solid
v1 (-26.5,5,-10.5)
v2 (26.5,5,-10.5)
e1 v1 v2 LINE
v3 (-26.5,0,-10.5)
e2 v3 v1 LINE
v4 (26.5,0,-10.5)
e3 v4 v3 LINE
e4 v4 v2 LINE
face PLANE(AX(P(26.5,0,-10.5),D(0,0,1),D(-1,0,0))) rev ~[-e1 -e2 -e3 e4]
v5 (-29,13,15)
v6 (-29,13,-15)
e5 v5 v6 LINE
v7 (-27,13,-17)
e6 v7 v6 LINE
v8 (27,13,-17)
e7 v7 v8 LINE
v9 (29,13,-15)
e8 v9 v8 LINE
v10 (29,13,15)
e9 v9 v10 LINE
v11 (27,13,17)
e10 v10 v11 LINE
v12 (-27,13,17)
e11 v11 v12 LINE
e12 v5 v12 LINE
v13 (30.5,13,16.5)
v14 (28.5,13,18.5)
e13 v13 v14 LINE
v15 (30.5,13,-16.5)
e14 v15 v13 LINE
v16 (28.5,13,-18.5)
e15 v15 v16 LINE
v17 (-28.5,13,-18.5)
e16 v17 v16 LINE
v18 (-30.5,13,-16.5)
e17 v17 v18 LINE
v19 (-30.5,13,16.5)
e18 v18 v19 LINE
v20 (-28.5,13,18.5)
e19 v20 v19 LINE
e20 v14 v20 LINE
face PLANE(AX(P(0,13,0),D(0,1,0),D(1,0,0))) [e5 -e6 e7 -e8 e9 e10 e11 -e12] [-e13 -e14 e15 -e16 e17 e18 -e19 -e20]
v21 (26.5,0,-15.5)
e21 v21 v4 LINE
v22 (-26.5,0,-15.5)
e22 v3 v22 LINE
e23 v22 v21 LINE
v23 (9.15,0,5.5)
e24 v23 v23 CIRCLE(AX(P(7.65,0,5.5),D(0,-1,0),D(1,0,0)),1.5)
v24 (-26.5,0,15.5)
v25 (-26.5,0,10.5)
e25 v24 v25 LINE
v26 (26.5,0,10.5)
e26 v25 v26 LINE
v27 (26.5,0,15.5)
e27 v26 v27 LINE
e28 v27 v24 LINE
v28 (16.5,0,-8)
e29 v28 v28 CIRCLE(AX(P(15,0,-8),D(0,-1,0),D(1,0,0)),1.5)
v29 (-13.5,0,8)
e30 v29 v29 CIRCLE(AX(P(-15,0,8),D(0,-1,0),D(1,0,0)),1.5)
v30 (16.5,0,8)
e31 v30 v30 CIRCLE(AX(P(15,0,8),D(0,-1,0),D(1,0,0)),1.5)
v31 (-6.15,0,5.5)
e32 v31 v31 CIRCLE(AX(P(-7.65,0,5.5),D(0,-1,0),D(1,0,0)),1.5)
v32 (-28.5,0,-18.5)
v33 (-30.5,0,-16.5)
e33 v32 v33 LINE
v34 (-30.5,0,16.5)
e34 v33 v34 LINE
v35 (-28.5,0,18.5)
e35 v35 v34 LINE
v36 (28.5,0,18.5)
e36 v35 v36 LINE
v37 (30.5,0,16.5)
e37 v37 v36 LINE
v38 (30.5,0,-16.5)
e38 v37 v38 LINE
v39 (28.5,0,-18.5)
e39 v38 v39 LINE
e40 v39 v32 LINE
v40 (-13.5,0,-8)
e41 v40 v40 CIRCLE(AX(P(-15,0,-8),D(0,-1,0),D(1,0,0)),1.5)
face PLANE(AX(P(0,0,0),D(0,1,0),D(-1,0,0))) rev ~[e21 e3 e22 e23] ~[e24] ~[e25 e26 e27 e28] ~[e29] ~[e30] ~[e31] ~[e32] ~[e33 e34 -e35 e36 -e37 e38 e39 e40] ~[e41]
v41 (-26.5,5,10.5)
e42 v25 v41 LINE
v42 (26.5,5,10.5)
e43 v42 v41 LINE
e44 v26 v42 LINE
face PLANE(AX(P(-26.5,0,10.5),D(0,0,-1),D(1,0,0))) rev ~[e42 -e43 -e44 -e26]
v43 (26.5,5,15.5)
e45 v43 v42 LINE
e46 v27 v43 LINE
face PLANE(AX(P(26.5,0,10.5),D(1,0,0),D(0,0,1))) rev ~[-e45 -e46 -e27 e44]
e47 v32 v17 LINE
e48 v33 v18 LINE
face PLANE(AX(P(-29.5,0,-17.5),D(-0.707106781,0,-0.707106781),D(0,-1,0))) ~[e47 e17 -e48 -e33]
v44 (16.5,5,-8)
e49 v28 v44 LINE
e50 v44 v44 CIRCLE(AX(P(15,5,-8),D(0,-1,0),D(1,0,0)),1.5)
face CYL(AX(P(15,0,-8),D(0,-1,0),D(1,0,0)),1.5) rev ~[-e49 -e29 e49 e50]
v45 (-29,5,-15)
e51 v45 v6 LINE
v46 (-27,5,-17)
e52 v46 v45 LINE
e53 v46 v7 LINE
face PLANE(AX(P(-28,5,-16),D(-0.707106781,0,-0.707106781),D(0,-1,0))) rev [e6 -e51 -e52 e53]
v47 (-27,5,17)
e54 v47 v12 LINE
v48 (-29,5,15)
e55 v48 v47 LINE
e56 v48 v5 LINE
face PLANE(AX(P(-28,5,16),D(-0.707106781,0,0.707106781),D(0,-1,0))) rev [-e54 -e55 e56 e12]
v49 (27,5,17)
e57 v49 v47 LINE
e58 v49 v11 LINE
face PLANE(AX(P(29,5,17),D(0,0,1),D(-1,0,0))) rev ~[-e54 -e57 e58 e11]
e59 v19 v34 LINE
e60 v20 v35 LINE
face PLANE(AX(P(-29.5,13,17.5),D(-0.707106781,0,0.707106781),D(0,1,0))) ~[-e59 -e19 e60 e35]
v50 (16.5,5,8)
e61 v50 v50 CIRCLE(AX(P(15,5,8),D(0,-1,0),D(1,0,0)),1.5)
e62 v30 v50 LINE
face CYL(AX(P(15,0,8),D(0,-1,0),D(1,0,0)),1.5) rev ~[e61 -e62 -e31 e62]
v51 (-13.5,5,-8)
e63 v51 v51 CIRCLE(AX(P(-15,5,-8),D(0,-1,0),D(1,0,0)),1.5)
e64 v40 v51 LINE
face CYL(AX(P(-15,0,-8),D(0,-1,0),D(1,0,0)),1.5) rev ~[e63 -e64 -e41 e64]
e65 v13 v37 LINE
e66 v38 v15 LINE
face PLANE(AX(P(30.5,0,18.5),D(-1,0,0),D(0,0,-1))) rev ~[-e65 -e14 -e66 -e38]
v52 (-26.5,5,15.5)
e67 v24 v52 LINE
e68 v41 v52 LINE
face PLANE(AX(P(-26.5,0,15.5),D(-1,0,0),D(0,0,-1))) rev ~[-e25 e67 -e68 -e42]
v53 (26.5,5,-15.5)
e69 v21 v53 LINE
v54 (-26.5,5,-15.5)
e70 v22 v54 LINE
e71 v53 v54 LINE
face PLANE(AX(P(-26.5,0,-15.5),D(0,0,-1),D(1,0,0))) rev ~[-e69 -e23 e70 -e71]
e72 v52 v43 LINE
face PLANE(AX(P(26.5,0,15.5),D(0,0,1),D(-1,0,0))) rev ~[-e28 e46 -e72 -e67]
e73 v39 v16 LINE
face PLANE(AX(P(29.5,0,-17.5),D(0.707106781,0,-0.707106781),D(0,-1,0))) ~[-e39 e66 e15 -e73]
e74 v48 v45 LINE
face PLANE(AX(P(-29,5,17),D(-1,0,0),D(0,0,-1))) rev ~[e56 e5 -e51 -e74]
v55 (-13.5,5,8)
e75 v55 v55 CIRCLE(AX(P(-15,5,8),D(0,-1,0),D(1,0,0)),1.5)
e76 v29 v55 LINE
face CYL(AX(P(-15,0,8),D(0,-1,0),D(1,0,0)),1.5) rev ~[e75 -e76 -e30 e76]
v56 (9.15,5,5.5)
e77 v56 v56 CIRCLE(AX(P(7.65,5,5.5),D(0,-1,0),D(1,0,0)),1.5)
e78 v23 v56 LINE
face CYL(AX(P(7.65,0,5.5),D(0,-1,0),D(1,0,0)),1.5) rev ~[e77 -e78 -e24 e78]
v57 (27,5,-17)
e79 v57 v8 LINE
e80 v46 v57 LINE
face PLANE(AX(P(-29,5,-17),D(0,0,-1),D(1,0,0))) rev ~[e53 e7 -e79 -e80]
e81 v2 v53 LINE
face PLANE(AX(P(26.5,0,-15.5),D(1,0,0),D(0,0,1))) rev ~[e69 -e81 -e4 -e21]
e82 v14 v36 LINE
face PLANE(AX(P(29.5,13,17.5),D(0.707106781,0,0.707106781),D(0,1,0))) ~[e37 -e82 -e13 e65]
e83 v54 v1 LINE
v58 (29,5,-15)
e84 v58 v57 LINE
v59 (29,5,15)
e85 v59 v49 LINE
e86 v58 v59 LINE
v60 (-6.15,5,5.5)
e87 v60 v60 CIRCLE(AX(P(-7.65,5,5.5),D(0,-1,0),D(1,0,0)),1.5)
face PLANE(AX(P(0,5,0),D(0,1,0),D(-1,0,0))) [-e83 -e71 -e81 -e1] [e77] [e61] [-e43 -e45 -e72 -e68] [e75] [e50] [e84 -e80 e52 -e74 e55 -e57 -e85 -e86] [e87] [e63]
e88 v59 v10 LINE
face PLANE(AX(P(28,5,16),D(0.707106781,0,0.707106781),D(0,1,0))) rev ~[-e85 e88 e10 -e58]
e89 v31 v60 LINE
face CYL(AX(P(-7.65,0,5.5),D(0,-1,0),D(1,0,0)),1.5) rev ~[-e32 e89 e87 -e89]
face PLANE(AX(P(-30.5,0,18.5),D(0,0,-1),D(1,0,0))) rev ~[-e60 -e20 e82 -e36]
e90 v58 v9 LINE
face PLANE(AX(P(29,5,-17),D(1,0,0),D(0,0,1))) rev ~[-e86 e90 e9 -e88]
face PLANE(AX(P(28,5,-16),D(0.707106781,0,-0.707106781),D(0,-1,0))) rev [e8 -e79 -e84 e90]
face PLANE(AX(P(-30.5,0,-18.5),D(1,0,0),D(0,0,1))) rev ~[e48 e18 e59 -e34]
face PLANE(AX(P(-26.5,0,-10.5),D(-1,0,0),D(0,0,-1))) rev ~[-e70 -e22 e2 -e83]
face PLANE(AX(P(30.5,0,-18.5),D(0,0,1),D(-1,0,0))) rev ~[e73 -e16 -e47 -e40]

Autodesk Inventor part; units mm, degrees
ref_plane "YZ Plane" through (0, 0, 0) normal (1, 0, 0) x (0, 1, 0)
ref_plane "XZ Plane" through (0, 0, 0) normal (0, 1, 0) x (-1, 0, 0)
ref_plane "XY Plane" through (0, 0, 0) normal (0, 0, 1) x (1, 0, 0)
sketch "Esboço1" plane through (0, 0, 0) normal (0, 1, 0) x (-1, 0, 0)
  line L0 (-30.5, -18.5) -> (30.5, -18.5)
  line L1 (30.5, -18.5) -> (30.5, 18.5)
  line L2 (30.5, 18.5) -> (-30.5, 18.5)
  line L3 (-30.5, 18.5) -> (-30.5, -18.5)
  line L4 (-30.5, -18.5) -> (30.5, 18.5) construction
  line L5 (30.5, -18.5) -> (-30.5, 18.5) construction
  point P0 (0, 0)
  point P1 (0, 0)
  dimension "d2" = 61
  dimension "d3" = 37
  dimension "d6" = 0
  dimension "d7" = 0
extrude "Extrusão1" add sketch "Esboço1" along normal blind 5
sketch "Esboço3" plane through (0, 5, 0) normal (0, 1, 0) x (1, 0, 0)
  line L0 (29, -17) -> (-29, -17)
  line L1 (-29, -17) -> (-29, 17)
  line L2 (-29, 17) -> (29, 17)
  line L3 (29, 17) -> (29, -17)
  line L4 (29, -17) -> (-29, 17) construction
  line L5 (-29, -17) -> (29, 17) construction
  line L6 (-30.5, 18.5) -> (-30.5, -18.5) projected
  line L7 (30.5, -18.5) -> (-30.5, -18.5)
  line L8 (-30.5, -18.5) -> (-30.5, 18.5)
  line L9 (-30.5, 18.5) -> (30.5, 18.5)
  line L10 (30.5, 18.5) -> (30.5, -18.5)
  line L11 (30.5, -18.5) -> (-30.5, 18.5) construction
  line L12 (-30.5, -18.5) -> (30.5, 18.5) construction
  point P0 (0, 0)
  point P1 (-30.5, -18.5)
  dimension "d49" = 1.5
  dimension "d50" = 1.5
extrude "Extrusão2" add sketch "Esboço3" along normal blind 8
chamfer "Chanfro1" distance 2 angle 45 4 edges at (-30.5, 6.5, -18.5) (-30.5, 6.5, 18.5) (30.5, 6.5, 18.5) (30.5, 6.5, -18.5)
chamfer "Chanfro2" distance 2 angle 45 4 edges at (29, 9, 17) (-29, 9, 17) (29, 9, -17) (-29, 9, -17)
sketch "Esboço4" plane through (0, 0, 0) normal (0, -1, 0) x (1, 0, 0)
  line L0 (26.5, 15.5) -> (-26.5, 15.5)
  line L1 (-26.5, 15.5) -> (-26.5, 10.5)
  line L2 (-26.5, 10.5) -> (26.5, 10.5)
  line L3 (26.5, 10.5) -> (26.5, 15.5)
  line L4 (-30.5, 18.5) -> (30.5, 18.5) projected
  line L5 (-30.5, -18.5) -> (-30.5, 18.5) projected
  line L6 (30.5, 18.5) -> (30.5, -18.5) projected
  line L7 (-26.5, -15.5) -> (26.5, -15.5)
  line L8 (26.5, -15.5) -> (26.5, -10.5)
  line L9 (26.5, -10.5) -> (-26.5, -10.5)
  line L10 (-26.5, -10.5) -> (-26.5, -15.5)
  line L11 (30.5, -18.5) -> (-30.5, -18.5) projected
  point P0 (0, 0)
  point P1 (-28.5, 18.5)
  point P2 (28.5, 18.5)
  point P3 (-30.5, -16.5)
  point P4 (-30.5, 16.5)
  point P5 (30.5, 16.5)
  point P6 (30.5, -16.5)
  point P7 (26.5, 13)
  point P8 (26.5, -13)
  point P9 (-26.5, -13)
  point P10 (28.5, -18.5)
  point P11 (-28.5, -18.5)
  dimension "d18" = 3
  dimension "d19" = 5
  dimension "d20" = 4
  dimension "d21" = 4
  dimension "d23" = 4
  dimension "d24" = 4
  dimension "d25" = 5
  dimension "d26" = 3
extrude "Extrusão3" cut sketch "Esboço4" against normal through all contours L3 L2 L1 L0 | L10 L9 L8 L7
sketch "Esboço5" plane through (0, 0, 0) normal (0, -1, 0) x (1, 0, 0)
  line L0 (26.5, 10.5) -> (-26.5, 10.5) projected
  line L1 (-26.5, 10.5) -> (-26.5, 15.5) projected
  line L2 (-26.5, 15.5) -> (26.5, 15.5) projected
  line L3 (26.5, 15.5) -> (26.5, 10.5) projected
  line L4 (-26.5, -10.5) -> (26.5, -10.5) projected
  line L5 (26.5, -10.5) -> (26.5, -15.5) projected
  line L6 (26.5, -15.5) -> (-26.5, -15.5) projected
  line L7 (-26.5, -15.5) -> (-26.5, -10.5) projected
  line L8 (30.5, 16.5) -> (30.5, -16.5) projected
  line L9 (-28.5, 18.5) -> (28.5, 18.5) projected
  line L10 (-30.5, -16.5) -> (-30.5, 16.5) projected
  line L11 (28.5, -18.5) -> (-28.5, -18.5) projected
  circle A0 centre (15, 8) radius 1.5
  circle A1 centre (15, -8) radius 1.5
  circle A2 centre (-15, 8) radius 1.5
  circle A3 centre (-15, -8) radius 1.5
  line L12 (17.5, 10.5) -> (-17.5, 10.5)
  line L13 (-17.5, 10.5) -> (-17.5, -10.5)
  line L14 (-17.5, -10.5) -> (17.5, -10.5)
  line L15 (17.5, -10.5) -> (17.5, 10.5)
  line L16 (17.5, 10.5) -> (-17.5, -10.5) construction
  line L17 (-17.5, 10.5) -> (17.5, -10.5) construction
  line L18 (30.5, -16.5) -> (28.5, -18.5) projected
  line L19 (28.5, 18.5) -> (30.5, 16.5) projected
  line L20 (-30.5, 16.5) -> (-28.5, 18.5) projected
  line L21 (-28.5, -18.5) -> (-30.5, -16.5) projected
  circle A4 centre (-7.65, 5.5) radius 1.5
  circle A5 centre (7.65, 5.5) radius 1.5
  point P0 (0, 0)
  dimension "d31" = 3
  dimension "d35" = 2.5
  dimension "d36" = 2.5
  dimension "d38" = 2.5
  dimension "d42" = 35
  dimension "d43" = 2.5
  dimension "d44" = 2.5
  dimension "d45" = 21
  dimension "d46" = 2.5
  dimension "d47" = 2.5
  dimension "d48" = 2.5
  dimension "d51" = 3
  dimension "d52" = 3
  dimension "d55" = 5
  dimension "d56" = 5
  dimension "d58" = 15.3
  dimension "d59" = 9.85
  dimension "d60" = 9.85
extrude "Extrusão4" cut sketch "Esboço5" against normal through all contours A0 | A1 | A2 | A3 | A4 | A5
equation "\"d59\" = d60"
properties part number "espTopLayer"
